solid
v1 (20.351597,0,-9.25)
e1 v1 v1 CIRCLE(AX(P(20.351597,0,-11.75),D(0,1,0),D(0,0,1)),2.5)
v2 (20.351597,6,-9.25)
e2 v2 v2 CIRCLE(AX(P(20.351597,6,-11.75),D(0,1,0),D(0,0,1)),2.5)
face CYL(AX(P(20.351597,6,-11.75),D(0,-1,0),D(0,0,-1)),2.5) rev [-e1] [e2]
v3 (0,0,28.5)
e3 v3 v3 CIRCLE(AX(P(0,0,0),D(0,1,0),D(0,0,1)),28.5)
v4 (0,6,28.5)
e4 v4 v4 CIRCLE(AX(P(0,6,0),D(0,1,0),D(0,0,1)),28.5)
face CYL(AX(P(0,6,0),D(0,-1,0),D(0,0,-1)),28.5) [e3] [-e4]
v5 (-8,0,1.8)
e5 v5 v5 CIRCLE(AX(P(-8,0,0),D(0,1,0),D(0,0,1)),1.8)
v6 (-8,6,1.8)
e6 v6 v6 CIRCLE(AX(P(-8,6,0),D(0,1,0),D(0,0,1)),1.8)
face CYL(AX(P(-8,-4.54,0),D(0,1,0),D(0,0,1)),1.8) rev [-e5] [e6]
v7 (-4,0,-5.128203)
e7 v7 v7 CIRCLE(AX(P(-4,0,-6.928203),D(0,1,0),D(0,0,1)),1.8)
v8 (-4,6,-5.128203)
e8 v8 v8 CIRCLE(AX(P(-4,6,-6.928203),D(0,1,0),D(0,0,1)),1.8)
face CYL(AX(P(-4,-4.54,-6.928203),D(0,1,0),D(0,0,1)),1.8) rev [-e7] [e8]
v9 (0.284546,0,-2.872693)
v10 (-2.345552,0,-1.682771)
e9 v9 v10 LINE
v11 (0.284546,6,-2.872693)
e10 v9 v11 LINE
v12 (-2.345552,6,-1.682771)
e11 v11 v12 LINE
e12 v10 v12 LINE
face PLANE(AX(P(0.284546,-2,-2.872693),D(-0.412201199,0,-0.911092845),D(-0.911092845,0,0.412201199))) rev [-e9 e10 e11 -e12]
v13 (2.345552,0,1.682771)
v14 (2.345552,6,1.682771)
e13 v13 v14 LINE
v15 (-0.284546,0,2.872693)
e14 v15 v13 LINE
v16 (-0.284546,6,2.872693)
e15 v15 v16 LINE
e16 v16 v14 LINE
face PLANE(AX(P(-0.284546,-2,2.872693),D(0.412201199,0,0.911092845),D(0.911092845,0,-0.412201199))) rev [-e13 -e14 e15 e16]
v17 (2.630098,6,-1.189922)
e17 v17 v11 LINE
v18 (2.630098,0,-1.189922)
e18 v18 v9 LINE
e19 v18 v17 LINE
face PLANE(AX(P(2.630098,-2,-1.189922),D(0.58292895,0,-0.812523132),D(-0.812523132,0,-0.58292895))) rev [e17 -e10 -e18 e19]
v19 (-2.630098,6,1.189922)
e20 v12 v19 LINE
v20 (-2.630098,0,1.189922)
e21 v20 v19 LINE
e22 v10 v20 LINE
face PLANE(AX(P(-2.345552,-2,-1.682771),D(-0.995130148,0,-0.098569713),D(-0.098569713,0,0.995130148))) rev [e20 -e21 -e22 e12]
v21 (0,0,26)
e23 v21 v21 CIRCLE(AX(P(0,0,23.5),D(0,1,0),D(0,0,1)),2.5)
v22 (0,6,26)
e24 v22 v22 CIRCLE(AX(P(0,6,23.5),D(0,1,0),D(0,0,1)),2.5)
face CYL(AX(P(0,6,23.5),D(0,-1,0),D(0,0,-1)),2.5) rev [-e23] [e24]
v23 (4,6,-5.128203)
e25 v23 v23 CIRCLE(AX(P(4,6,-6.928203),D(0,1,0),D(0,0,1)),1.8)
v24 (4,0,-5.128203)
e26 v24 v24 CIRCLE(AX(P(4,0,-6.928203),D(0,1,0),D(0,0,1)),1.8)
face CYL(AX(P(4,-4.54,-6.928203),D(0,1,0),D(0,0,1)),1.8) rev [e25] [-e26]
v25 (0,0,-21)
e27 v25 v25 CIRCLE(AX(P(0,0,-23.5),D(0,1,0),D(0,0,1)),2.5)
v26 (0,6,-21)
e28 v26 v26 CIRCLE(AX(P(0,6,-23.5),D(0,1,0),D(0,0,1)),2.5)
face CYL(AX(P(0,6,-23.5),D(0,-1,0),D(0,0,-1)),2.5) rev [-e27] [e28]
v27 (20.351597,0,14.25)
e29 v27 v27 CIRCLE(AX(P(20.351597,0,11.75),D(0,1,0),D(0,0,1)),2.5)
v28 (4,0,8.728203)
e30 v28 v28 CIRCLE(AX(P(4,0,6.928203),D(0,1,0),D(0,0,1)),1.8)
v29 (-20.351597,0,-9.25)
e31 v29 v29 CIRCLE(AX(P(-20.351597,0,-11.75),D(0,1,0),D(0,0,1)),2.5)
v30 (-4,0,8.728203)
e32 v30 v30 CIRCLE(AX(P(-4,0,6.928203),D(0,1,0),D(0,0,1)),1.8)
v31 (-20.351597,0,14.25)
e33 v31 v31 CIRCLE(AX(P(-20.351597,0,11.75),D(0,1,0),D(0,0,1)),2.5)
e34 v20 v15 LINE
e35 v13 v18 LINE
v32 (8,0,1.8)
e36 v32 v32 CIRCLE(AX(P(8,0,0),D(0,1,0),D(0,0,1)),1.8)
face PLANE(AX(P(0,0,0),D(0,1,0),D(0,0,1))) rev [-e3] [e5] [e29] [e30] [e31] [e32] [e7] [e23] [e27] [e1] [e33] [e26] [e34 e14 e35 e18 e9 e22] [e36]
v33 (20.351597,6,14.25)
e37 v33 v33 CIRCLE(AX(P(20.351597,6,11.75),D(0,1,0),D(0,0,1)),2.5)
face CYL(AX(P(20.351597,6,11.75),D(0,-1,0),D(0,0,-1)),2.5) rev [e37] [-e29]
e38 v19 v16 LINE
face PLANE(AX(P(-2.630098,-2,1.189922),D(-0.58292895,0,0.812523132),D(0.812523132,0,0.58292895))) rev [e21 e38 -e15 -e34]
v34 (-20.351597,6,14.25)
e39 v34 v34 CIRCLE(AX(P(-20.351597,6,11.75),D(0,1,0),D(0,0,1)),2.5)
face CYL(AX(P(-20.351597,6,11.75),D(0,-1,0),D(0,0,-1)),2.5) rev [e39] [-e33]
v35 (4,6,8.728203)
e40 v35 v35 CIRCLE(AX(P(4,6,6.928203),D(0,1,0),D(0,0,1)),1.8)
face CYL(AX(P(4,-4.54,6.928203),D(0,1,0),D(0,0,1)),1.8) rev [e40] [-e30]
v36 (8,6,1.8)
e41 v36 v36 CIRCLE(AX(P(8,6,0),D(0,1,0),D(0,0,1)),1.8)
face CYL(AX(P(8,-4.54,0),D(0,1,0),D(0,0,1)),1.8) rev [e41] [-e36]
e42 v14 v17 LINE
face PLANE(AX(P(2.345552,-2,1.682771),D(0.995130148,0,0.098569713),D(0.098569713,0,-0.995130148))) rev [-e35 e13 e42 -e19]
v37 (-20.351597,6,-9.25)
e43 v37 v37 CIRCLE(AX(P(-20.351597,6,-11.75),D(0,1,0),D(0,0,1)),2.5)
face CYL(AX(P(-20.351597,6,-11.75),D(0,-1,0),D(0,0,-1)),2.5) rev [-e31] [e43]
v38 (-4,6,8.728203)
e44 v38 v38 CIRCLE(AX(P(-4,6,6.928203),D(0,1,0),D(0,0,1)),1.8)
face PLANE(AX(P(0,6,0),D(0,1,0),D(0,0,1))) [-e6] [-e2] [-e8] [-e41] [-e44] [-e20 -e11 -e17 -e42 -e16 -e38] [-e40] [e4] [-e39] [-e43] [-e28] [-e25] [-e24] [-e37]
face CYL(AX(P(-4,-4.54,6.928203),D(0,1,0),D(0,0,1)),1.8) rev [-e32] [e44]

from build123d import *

# Parameters (mm, degrees)
SKETCH1_R           = 28.5
SKETCH1_R_2         = 2.5
BOSS_EXTRUDE1_DEPTH = 6
CUT_EXTRUDE1_DEPTH  = 8
SKETCH3_R           = 1.8
CUT_EXTRUDE2_DEPTH  = 10.54


with BuildPart() as part:
    # Sketch1 → Boss-Extrude1 (new body)
    with BuildSketch(Plane(origin=(0, 0, 0), x_dir=(1, 0, 0), z_dir=(0, 1, 0))):
        with Locations(Location((0, 0, 0), (0, 0, 270))):
            Circle(SKETCH1_R)
        with Locations(Location((0, 23.5, 0), (0, 0, 270))):
            Circle(SKETCH1_R_2, mode=Mode.SUBTRACT)
        with Locations(Location((20.351596989, 11.75, 0), (0, 0, 270))):
            Circle(SKETCH1_R_2, mode=Mode.SUBTRACT)
        with Locations(Location((20.351596989, -11.75, 0), (0, 0, 270))):
            Circle(SKETCH1_R_2, mode=Mode.SUBTRACT)
        with Locations(Location((0, -23.5, 0), (0, 0, 270))):
            Circle(SKETCH1_R_2, mode=Mode.SUBTRACT)
        with Locations(Location((-20.351596989, -11.75, 0), (0, 0, 270))):
            Circle(SKETCH1_R_2, mode=Mode.SUBTRACT)
        with Locations(Location((-20.351596989, 11.75, 0), (0, 0, 270))):
            Circle(SKETCH1_R_2, mode=Mode.SUBTRACT)
    extrude(amount=BOSS_EXTRUDE1_DEPTH)

    # Sketch2 → Cut-Extrude1 (cut)
    with BuildSketch(Plane(origin=(0, 6, 0), x_dir=(1, 0, 0), z_dir=(0, 1, 0))):
        Polygon((-0.284546252, -2.872693294), (2.345552244, -1.68277093), (2.630098496, 1.189922365), (0.284546252, 2.872693294), (-2.345552244, 1.68277093), (-2.630098496, -1.189922365), align=None)
    extrude(amount=-CUT_EXTRUDE1_DEPTH, mode=Mode.SUBTRACT)

    # Sketch3 → Cut-Extrude2 (cut)
    with BuildSketch(Plane(origin=(0, 6, 0), x_dir=(1, 0, 0), z_dir=(0, 1, 0))):
        with Locations(Location((8, 0, 0), (0, 0, 270))):
            Circle(SKETCH3_R)
        with Locations(Location((4, -6.92820323, 0), (0, 0, 270))):
            Circle(SKETCH3_R)
        with Locations(Location((-4, -6.92820323, 0), (0, 0, 270))):
            Circle(SKETCH3_R)
        with Locations(Location((-8, 0, 0), (0, 0, 270))):
            Circle(SKETCH3_R)
        with Locations(Location((-4, 6.92820323, 0), (0, 0, 270))):
            Circle(SKETCH3_R)
        with Locations(Location((4, 6.92820323, 0), (0, 0, 270))):
            Circle(SKETCH3_R)
    extrude(amount=-CUT_EXTRUDE2_DEPTH, mode=Mode.SUBTRACT)


solid = part.part
